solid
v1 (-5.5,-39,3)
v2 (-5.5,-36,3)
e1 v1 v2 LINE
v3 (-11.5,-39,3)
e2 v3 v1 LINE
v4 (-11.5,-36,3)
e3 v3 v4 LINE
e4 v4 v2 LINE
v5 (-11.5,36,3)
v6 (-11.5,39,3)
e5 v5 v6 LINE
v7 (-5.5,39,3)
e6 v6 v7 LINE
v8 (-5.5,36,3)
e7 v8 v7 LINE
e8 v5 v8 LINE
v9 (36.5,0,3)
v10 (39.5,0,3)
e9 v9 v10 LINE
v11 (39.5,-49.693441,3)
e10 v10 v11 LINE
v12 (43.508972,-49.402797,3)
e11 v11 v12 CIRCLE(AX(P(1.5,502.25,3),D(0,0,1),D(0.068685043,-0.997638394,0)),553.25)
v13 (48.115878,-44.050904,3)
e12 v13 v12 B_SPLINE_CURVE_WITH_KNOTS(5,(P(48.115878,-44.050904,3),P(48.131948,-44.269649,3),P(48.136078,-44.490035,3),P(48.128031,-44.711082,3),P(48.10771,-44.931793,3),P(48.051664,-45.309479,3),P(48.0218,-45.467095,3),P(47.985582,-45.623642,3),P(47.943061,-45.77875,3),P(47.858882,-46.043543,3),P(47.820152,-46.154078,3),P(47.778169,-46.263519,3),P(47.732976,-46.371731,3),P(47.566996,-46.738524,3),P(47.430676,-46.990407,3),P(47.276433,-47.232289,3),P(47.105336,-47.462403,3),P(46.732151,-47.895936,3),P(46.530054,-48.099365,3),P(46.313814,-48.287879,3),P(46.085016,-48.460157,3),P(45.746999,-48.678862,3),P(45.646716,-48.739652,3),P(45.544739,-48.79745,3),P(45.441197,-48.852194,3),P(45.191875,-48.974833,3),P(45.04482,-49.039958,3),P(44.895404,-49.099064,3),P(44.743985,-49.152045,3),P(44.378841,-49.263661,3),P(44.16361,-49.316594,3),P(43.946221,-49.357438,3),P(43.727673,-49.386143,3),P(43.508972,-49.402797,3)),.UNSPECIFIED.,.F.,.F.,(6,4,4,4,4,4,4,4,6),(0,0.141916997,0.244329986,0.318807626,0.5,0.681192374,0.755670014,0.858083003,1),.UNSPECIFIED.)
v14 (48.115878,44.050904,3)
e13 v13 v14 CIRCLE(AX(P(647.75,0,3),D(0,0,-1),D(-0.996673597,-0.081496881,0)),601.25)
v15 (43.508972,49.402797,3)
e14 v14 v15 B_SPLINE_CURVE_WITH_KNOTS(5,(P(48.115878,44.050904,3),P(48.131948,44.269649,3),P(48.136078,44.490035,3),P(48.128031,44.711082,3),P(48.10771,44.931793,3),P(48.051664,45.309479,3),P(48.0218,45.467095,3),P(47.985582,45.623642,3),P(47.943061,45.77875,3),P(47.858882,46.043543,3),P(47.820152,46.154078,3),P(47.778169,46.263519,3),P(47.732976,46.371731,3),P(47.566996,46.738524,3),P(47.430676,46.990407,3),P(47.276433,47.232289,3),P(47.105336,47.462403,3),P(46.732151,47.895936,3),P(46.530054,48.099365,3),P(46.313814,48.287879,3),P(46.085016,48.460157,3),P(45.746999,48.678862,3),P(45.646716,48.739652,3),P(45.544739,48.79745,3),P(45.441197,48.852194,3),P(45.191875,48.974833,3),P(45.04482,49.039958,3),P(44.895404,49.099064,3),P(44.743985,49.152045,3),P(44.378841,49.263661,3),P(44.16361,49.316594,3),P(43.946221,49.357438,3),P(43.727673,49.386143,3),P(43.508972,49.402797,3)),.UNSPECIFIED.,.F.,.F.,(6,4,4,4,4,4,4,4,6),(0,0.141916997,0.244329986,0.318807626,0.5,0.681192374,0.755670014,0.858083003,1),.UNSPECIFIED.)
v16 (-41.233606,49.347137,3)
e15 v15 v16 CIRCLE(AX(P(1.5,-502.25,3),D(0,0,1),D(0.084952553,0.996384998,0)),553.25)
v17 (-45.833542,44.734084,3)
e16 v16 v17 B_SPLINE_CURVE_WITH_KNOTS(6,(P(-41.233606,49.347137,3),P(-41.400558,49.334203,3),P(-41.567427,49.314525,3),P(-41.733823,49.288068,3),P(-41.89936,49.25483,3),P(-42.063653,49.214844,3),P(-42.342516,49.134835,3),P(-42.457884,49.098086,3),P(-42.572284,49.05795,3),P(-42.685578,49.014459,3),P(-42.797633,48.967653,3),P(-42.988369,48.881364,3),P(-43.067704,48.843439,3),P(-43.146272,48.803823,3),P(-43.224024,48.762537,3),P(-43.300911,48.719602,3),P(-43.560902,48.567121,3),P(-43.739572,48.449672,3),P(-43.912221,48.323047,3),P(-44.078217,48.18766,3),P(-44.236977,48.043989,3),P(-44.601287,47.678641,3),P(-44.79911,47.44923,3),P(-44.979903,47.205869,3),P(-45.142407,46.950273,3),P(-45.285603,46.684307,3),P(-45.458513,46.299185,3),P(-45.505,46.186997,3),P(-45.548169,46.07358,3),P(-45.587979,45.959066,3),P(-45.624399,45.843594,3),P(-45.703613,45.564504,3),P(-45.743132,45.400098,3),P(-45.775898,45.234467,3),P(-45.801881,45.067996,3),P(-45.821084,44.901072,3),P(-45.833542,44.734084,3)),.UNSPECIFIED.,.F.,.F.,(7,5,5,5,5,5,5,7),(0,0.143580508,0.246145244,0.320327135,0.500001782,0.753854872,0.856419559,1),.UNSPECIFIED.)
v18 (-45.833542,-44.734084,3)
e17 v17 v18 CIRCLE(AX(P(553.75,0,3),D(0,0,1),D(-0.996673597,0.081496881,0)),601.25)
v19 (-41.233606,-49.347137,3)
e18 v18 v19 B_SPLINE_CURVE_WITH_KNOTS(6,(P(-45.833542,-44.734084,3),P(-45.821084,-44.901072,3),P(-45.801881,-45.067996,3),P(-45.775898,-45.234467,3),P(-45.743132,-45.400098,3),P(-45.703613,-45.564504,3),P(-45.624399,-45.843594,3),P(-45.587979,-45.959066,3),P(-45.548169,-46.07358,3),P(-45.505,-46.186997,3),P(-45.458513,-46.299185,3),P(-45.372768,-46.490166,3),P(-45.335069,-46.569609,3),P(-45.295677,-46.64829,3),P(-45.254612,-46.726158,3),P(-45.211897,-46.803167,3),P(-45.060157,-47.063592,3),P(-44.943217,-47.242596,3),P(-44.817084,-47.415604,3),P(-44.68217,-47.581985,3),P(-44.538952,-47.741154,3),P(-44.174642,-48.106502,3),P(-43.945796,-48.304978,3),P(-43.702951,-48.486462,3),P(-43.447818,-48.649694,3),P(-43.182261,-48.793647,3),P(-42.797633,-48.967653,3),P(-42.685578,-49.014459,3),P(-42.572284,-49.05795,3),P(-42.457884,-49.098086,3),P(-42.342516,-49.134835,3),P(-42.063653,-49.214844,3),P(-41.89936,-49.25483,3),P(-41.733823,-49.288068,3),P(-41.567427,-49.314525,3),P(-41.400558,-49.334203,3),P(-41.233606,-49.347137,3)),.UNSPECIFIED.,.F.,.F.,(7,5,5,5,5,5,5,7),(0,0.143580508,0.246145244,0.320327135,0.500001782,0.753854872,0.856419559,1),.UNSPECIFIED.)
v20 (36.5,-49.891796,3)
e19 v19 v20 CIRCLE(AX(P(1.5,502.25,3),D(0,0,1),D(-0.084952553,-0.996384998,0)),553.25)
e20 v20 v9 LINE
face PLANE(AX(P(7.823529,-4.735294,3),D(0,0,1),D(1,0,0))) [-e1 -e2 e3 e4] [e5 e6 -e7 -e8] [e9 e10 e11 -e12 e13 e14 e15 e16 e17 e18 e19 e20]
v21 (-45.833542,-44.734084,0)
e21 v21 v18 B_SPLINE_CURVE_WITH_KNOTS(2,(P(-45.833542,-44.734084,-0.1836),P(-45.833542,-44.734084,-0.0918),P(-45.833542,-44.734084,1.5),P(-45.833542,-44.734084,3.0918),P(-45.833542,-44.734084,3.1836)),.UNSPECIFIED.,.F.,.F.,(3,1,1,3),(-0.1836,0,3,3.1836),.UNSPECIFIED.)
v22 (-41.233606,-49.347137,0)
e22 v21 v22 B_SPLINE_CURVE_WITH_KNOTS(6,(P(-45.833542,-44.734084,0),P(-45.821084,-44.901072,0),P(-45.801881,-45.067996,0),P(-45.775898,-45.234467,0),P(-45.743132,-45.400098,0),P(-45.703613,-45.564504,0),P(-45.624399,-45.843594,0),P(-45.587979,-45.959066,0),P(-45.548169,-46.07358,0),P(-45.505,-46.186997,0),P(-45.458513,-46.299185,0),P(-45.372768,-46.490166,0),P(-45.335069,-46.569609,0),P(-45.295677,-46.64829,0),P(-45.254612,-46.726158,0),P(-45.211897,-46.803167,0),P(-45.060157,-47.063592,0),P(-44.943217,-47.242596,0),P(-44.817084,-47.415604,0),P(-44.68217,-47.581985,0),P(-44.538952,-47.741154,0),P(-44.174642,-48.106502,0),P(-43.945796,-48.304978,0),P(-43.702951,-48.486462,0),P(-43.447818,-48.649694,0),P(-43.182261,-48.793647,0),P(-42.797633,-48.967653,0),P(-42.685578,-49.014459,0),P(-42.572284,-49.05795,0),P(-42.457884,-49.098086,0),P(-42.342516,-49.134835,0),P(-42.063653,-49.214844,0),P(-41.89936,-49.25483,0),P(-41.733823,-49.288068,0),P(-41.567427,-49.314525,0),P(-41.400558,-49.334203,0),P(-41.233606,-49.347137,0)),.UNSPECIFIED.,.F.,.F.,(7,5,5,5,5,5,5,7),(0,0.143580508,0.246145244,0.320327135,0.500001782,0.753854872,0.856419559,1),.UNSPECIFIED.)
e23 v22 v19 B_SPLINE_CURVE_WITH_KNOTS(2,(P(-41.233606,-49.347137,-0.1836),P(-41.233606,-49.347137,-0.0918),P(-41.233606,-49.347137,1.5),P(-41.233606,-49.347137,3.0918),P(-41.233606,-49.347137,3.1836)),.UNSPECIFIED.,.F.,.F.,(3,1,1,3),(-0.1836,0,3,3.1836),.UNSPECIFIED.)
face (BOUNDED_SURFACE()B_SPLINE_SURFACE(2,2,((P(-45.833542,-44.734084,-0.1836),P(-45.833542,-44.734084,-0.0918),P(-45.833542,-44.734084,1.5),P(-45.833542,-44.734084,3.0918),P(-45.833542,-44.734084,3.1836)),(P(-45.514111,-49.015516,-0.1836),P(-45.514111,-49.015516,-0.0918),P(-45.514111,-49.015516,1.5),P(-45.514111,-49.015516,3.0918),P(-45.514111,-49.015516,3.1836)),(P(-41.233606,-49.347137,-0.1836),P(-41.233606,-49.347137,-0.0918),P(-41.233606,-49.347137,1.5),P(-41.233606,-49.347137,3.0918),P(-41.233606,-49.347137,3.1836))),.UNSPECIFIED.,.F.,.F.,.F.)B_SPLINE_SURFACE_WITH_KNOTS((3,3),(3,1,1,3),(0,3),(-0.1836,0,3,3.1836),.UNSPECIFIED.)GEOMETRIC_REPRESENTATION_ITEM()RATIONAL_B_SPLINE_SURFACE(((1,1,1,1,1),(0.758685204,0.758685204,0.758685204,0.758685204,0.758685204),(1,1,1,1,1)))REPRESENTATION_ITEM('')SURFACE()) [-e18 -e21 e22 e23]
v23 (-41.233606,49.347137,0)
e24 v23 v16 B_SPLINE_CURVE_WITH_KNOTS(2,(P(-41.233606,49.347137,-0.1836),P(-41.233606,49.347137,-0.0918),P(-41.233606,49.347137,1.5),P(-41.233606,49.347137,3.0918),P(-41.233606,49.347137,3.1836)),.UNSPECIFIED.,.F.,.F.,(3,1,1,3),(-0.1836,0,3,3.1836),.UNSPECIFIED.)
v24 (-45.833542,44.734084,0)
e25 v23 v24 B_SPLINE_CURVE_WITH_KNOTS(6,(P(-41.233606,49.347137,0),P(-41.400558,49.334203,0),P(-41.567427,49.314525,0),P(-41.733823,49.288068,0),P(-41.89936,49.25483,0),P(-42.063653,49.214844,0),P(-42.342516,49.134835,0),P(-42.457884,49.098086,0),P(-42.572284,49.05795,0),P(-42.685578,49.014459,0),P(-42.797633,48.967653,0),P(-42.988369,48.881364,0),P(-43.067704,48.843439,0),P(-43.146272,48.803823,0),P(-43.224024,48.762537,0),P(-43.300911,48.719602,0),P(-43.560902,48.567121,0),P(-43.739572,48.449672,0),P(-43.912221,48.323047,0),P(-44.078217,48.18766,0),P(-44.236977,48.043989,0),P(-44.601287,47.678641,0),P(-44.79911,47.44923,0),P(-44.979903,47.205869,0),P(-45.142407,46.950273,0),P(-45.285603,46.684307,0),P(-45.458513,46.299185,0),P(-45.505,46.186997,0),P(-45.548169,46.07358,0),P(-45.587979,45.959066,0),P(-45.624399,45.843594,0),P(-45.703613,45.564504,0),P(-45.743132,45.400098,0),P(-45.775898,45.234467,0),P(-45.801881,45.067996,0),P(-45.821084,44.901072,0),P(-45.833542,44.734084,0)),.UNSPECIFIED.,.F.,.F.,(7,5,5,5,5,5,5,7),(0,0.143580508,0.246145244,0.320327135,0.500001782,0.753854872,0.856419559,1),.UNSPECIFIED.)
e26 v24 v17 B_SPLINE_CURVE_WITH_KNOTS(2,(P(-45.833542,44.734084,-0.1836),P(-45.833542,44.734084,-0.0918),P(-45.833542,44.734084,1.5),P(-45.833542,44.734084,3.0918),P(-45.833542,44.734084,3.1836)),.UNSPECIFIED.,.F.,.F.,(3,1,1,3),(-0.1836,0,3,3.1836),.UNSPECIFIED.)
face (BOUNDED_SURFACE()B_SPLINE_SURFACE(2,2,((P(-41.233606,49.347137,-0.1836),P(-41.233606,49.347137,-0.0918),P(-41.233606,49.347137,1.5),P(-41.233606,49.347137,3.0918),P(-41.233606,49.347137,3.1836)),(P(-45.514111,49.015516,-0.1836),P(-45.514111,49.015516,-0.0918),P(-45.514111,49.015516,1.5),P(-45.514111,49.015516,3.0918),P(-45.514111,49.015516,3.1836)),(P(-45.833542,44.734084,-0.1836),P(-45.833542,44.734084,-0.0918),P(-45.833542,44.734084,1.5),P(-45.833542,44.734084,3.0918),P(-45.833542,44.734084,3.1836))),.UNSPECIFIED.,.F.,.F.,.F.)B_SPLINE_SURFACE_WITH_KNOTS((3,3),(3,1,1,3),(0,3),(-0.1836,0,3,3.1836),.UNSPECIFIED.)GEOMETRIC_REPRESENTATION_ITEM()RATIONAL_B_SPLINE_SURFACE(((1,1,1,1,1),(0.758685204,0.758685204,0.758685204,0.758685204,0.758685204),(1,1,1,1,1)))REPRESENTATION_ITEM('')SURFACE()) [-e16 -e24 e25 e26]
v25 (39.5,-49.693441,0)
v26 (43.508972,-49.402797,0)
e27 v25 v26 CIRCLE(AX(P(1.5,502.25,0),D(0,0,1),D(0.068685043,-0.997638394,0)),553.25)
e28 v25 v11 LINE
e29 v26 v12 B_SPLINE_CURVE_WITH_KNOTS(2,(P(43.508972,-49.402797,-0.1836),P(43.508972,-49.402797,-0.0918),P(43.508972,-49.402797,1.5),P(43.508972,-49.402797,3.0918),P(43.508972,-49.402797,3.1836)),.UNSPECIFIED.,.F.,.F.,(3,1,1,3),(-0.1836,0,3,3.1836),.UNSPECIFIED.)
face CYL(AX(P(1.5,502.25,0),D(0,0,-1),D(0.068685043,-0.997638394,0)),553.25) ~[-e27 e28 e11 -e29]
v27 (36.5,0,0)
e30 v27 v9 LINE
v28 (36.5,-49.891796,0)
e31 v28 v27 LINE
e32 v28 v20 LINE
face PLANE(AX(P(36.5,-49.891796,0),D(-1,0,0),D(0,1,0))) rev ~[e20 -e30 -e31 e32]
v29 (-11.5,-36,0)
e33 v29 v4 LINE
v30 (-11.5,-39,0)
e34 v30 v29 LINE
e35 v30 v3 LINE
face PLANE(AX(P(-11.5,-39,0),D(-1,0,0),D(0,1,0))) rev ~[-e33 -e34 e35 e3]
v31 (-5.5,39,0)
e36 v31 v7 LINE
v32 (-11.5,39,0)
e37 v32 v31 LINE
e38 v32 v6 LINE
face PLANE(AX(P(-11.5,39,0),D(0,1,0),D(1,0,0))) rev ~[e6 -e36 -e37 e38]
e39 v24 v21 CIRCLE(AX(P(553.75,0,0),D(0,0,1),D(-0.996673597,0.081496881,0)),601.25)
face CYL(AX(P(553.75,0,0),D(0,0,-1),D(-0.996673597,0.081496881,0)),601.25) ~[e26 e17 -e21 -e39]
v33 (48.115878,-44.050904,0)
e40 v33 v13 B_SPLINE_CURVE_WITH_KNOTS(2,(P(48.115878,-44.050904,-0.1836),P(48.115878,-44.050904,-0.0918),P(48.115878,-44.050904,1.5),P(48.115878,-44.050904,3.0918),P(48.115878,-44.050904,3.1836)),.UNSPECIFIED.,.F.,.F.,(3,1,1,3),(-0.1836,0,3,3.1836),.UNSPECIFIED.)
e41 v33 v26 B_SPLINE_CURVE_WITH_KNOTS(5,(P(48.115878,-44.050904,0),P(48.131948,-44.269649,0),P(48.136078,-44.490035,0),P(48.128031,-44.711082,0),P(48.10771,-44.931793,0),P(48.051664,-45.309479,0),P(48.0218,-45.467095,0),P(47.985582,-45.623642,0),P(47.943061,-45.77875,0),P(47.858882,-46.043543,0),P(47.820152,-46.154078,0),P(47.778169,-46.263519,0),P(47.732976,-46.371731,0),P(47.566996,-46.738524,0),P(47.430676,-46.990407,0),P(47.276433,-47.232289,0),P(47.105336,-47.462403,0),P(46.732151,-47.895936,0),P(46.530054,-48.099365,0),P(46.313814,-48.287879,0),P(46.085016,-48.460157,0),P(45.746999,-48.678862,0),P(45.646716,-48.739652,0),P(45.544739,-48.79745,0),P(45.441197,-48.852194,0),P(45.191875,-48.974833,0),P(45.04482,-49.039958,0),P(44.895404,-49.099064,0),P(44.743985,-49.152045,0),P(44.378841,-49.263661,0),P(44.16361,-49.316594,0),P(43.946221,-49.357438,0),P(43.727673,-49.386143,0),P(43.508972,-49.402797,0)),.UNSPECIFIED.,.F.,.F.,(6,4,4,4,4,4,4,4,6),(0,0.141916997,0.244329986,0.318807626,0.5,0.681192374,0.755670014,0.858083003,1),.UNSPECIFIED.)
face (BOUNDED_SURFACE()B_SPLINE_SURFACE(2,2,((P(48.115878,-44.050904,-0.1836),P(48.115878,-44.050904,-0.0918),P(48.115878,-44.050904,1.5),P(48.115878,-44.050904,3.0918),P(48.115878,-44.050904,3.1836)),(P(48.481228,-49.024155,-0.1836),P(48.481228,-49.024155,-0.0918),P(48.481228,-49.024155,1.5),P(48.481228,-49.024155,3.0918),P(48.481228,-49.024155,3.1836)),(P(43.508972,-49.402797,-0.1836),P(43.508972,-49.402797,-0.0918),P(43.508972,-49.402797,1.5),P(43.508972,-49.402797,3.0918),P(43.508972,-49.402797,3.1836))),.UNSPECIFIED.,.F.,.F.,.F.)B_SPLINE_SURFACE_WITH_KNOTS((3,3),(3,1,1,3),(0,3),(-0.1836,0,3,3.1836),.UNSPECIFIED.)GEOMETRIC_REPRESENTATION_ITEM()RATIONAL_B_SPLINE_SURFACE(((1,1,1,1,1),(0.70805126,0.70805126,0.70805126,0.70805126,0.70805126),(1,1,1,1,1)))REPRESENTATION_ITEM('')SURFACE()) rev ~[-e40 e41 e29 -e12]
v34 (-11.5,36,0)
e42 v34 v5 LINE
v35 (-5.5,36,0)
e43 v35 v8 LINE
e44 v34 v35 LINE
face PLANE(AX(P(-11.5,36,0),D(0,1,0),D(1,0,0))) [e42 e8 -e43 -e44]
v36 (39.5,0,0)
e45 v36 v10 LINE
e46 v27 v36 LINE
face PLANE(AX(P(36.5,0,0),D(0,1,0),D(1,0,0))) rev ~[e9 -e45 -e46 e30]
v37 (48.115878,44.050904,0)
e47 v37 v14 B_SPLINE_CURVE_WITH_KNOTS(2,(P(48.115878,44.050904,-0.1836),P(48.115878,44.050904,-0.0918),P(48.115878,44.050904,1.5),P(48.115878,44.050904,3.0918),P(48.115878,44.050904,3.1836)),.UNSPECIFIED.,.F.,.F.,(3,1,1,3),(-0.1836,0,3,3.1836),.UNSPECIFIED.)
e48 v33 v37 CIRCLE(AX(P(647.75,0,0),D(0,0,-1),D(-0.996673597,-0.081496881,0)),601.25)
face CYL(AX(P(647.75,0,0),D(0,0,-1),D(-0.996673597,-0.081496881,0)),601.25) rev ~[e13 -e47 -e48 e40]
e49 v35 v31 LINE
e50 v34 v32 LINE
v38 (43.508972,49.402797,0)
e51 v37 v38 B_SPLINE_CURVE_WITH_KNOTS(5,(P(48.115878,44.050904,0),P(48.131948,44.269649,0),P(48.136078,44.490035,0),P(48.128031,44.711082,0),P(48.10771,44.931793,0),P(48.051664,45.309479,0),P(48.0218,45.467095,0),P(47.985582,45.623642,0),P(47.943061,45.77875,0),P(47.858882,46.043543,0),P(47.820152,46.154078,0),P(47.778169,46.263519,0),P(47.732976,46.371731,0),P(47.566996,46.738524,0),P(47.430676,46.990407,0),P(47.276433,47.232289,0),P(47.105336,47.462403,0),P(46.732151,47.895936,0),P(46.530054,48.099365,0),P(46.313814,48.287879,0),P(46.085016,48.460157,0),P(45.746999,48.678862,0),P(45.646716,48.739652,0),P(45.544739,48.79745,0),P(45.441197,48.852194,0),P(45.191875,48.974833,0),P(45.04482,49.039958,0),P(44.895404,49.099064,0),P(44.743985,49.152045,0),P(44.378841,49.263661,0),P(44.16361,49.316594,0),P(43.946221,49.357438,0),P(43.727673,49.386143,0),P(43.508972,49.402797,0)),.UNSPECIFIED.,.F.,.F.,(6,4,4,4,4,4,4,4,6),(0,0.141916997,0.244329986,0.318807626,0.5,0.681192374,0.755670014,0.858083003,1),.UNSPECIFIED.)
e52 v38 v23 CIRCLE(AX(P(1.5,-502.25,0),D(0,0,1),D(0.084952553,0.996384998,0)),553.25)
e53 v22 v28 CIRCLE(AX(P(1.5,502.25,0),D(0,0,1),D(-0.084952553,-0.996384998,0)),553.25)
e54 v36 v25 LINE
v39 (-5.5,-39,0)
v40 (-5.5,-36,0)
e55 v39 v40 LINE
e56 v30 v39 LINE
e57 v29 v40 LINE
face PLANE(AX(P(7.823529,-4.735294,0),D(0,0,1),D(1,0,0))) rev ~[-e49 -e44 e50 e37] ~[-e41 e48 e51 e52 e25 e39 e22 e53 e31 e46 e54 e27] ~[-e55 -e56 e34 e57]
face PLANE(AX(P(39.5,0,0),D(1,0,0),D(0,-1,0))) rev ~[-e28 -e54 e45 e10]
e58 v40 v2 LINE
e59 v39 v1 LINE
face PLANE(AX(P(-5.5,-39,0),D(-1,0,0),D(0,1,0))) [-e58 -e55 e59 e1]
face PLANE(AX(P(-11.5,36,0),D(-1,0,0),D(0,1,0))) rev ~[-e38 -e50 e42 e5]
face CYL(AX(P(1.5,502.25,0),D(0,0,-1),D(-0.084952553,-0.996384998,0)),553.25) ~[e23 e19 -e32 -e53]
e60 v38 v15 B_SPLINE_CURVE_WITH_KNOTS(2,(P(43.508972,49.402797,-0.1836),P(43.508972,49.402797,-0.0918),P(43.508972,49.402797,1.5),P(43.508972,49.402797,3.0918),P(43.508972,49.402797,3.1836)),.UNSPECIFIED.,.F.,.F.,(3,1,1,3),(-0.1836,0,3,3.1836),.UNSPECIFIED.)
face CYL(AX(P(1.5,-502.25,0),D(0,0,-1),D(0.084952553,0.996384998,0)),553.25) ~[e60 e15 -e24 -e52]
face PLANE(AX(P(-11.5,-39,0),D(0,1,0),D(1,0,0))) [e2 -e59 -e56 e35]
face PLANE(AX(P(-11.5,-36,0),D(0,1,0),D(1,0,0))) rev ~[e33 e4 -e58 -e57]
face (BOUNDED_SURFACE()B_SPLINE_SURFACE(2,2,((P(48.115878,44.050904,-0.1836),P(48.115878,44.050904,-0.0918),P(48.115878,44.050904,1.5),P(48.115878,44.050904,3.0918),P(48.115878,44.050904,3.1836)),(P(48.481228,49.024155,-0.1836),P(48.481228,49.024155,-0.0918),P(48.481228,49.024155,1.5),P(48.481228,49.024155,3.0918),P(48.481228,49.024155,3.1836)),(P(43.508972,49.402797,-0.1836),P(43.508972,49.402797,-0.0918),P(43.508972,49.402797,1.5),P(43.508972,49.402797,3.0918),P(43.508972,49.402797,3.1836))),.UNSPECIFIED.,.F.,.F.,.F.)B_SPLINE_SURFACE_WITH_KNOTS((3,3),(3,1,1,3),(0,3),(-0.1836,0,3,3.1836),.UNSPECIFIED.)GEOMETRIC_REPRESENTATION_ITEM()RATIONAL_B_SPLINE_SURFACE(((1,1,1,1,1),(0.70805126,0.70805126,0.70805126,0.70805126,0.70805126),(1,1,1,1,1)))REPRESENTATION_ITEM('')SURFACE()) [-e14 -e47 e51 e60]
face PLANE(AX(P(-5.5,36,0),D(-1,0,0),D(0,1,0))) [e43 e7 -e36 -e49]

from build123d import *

# Parameters (mm, degrees)
F1_W     = 6
F1_H     = 3
F2_DEPTH = 3
F3_R     = 5


with BuildPart() as f2:
    # F1 (on Top) → F2 (new body)
    with BuildSketch(Plane.XY):
        Polygon((39.5, -49), (45.5, -49), (45.5, 49), (-45.5, 49), (-45.5, -49), (36.5, -49), (36.5, 0), (39.5, 0), align=None)
        with Locations((-8.5, -37.5)):
            Rectangle(F1_W, F1_H, mode=Mode.SUBTRACT)
        with Locations((-8.5, 37.5)):
            Rectangle(F1_W, F1_H, mode=Mode.SUBTRACT)
        with BuildLine():
            Line((45.5, 49), (45.5, -49))
            Line((45.5, -49), (48.5, -49))
            ThreePointArc((48.5, -49), (46.5, 0), (48.5, 49))
            Line((48.5, 49), (45.5, 49))
        make_face()
        with BuildLine():
            Line((36.5, -49.8917956467), (36.5, -49))
            Line((36.5, -49), (-45.5, -49))
            ThreePointArc((-45.5, -49), (-4.5165459251, -50.9672843243), (36.5, -49.8917956467))
        make_face()
        with BuildLine():
            Line((48.5, -49), (45.5, -49))
            Line((45.5, -49), (39.5, -49))
            Line((39.5, -49), (39.5, -49.6934413959))
            ThreePointArc((39.5, -49.6934413959), (44.0014142734, -49.3650761942), (48.5, -49))
        make_face()
        with BuildLine():
            Line((-45.5, 49), (45.5, 49))
            Line((45.5, 49), (48.5, 49))
            ThreePointArc((48.5, 49), (1.5, 51), (-45.5, 49))
        make_face()
        with BuildLine():
            Line((-45.5, -49), (-45.5, 49))
            ThreePointArc((-45.5, 49), (-47.5, 0), (-45.5, -49))
        make_face()
    extrude(amount=F2_DEPTH)

    # F3
    f3_edges = [f2.edges().sort_by_distance(p)[0] for p in [
        (-45.5, -49, 1.5),
        (-45.5, 49, 1.5),
        (48.5, -49, 1.5),
        (48.5, 49, 1.5),
    ]]
    fillet(f3_edges, radius=F3_R)


solid = f2.part
